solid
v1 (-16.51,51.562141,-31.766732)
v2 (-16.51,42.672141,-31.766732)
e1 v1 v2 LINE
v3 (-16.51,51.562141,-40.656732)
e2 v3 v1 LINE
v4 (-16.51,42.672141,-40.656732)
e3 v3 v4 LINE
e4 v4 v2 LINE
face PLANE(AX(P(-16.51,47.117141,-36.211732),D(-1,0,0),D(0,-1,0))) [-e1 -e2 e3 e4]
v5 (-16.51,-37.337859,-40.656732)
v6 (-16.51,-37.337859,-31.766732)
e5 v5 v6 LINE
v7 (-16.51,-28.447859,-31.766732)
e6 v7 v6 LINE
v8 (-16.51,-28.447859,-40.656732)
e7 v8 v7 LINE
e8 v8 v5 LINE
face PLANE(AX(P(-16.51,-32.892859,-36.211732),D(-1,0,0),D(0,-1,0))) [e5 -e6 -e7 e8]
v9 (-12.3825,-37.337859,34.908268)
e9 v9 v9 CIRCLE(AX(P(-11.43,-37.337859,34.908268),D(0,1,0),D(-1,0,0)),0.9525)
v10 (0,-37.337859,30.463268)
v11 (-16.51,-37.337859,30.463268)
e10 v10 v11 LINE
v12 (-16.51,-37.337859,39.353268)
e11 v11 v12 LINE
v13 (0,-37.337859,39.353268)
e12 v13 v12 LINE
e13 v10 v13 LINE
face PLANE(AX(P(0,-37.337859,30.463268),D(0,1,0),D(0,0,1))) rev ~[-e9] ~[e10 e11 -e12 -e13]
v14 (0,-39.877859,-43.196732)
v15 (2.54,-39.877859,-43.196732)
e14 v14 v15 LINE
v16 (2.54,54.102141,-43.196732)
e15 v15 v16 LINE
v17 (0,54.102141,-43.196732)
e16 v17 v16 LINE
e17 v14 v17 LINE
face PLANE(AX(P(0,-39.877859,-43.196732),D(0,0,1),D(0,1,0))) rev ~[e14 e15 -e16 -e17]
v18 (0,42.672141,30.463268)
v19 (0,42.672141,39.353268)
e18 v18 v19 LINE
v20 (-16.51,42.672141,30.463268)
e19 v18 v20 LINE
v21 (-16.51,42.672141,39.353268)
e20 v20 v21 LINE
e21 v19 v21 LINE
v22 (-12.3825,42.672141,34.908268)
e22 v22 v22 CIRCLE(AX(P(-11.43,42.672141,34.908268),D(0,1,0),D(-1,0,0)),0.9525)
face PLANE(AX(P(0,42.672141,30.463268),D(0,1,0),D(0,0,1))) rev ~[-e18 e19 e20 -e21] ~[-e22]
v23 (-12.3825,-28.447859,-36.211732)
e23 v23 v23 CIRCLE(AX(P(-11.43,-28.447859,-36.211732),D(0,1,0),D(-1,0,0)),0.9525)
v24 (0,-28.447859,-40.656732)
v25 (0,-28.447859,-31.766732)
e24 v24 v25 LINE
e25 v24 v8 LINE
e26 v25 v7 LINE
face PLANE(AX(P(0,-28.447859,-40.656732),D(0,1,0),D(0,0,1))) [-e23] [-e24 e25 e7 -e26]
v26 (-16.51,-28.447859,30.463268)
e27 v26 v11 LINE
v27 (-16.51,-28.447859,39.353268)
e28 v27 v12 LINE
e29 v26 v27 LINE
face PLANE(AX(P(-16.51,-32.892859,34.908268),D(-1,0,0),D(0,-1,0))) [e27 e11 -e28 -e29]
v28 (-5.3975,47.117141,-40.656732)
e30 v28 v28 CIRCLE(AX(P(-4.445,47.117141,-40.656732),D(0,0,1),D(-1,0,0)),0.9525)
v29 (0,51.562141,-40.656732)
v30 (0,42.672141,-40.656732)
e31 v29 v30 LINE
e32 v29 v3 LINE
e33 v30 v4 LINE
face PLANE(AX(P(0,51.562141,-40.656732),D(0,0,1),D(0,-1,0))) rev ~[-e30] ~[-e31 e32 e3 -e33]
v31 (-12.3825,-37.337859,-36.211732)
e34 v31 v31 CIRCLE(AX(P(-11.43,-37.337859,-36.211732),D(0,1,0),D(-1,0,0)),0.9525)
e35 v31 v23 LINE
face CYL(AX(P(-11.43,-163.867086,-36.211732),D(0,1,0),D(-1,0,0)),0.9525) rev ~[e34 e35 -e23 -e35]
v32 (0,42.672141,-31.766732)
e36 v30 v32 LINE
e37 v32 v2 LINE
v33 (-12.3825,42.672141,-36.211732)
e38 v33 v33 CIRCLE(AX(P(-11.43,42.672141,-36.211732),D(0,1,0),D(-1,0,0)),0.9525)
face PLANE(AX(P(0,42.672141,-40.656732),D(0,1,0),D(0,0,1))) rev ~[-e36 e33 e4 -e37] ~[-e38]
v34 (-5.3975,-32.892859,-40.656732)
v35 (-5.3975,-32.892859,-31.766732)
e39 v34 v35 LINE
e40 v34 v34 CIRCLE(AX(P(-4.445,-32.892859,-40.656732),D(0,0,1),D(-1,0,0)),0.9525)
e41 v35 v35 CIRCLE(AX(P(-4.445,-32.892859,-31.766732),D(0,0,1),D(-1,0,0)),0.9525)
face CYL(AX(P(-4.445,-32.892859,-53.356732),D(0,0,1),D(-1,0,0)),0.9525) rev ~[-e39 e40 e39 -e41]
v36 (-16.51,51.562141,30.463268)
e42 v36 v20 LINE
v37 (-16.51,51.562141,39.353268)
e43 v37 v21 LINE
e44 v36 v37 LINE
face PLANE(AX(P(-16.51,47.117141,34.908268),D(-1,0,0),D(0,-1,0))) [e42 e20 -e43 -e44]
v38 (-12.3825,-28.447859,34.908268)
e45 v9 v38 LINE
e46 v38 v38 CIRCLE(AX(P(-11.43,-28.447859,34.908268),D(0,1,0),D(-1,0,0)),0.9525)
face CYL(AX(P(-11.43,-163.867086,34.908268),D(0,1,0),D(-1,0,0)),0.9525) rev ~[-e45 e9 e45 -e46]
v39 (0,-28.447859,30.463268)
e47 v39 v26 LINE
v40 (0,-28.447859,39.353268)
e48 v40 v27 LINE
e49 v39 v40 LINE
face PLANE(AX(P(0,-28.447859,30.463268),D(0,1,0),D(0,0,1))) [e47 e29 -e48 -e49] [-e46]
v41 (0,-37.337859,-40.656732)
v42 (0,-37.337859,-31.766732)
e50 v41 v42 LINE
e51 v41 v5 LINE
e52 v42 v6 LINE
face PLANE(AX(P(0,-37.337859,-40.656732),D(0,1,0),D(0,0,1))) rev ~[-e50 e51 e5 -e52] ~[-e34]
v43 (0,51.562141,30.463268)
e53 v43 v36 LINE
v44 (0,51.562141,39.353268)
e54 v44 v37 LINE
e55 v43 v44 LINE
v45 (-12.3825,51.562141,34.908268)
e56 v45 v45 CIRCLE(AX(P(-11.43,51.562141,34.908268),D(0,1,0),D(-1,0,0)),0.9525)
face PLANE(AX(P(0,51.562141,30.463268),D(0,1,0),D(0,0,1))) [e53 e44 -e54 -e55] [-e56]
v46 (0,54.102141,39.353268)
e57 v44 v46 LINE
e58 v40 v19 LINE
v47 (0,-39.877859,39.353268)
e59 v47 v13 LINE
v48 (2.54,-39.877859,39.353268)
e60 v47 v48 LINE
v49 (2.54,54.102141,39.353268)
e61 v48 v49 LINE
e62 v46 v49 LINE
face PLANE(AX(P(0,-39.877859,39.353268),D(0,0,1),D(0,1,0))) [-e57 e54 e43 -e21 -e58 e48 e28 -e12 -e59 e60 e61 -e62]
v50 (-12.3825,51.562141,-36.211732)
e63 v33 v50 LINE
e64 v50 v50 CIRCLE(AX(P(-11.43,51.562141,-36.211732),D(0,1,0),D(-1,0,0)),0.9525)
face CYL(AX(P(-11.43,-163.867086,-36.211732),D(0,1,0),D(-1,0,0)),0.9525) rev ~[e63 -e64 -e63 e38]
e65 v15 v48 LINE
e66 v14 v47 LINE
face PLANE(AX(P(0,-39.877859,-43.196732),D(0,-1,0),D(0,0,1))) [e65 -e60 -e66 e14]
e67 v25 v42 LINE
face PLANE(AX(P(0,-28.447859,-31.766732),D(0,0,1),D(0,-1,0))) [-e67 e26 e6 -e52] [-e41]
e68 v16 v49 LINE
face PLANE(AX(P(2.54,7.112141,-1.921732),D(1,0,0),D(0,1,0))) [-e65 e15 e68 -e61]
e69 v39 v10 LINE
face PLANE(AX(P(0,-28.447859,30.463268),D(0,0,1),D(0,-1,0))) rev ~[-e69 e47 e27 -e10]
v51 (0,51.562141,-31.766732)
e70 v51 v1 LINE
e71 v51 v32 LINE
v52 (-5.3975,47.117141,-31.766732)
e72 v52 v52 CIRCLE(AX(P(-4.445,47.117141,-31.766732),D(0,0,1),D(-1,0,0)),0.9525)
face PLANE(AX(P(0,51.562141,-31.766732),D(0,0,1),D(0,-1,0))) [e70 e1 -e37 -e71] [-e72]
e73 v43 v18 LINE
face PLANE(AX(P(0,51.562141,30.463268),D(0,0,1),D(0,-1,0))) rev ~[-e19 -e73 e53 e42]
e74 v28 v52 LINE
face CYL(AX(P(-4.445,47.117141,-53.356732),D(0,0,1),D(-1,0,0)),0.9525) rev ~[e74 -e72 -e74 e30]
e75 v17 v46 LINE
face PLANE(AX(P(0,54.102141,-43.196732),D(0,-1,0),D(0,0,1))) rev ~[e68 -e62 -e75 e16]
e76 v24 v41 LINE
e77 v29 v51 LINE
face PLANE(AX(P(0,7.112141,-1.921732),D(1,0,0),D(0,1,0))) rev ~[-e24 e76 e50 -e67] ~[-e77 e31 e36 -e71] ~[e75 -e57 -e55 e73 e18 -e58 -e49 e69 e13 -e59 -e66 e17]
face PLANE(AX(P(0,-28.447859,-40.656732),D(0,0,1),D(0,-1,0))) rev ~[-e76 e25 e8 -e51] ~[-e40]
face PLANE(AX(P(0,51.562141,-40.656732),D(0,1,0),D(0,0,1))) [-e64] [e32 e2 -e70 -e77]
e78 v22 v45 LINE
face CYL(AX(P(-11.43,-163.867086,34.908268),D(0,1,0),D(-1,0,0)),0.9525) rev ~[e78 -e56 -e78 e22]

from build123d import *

# Parameters (mm, degrees)
F0_W     = 93.98
F0_H     = 82.55
F1_DEPTH = 2.54
F2_W     = 8.89
F2_H     = 8.89
F3_DEPTH = 16.51
F6_D     = 1.905
F9_D     = 1.905
F9_DEPTH = 12.7


with BuildPart() as f1:
    # F0 (on Right) → F1 (new body)
    with BuildSketch(Plane.YZ):
        with Locations((7.112141, -1.921732)):
            Rectangle(F0_W, F0_H)
    extrude(amount=F1_DEPTH)

    # F2 (on face) → F3 (join)
    with BuildSketch(Plane(origin=(0, 0, 0), x_dir=(0, -1, 0), z_dir=(-1, 0, 0))):
        with Locations((-47.117141, 34.908268)):
            Rectangle(F2_W, F2_H)
        with Locations((32.892859, 34.908268)):
            Rectangle(F2_W, F2_H)
        with Locations((32.892859, -36.211732)):
            Rectangle(F2_W, F2_H)
        with Locations((-47.117141, -36.211732)):
            Rectangle(F2_W, F2_H)
    extrude(amount=F3_DEPTH)

    # F6 (through all)
    with Locations(Plane.XZ.offset(37.337859)):
        with Locations((-11.43, -36.211732), (-11.43, 34.908268)):
            Hole(F6_D / 2)

    # F9
    with Locations(Plane(origin=(0, 0, -40.656732), x_dir=(1, 0, 0), z_dir=(0, 0, -1))):
        with Locations((-4.445, -47.117141), (-4.445, 32.892859)):
            Hole(F9_D / 2, depth=F9_DEPTH)


solid = f1.part
